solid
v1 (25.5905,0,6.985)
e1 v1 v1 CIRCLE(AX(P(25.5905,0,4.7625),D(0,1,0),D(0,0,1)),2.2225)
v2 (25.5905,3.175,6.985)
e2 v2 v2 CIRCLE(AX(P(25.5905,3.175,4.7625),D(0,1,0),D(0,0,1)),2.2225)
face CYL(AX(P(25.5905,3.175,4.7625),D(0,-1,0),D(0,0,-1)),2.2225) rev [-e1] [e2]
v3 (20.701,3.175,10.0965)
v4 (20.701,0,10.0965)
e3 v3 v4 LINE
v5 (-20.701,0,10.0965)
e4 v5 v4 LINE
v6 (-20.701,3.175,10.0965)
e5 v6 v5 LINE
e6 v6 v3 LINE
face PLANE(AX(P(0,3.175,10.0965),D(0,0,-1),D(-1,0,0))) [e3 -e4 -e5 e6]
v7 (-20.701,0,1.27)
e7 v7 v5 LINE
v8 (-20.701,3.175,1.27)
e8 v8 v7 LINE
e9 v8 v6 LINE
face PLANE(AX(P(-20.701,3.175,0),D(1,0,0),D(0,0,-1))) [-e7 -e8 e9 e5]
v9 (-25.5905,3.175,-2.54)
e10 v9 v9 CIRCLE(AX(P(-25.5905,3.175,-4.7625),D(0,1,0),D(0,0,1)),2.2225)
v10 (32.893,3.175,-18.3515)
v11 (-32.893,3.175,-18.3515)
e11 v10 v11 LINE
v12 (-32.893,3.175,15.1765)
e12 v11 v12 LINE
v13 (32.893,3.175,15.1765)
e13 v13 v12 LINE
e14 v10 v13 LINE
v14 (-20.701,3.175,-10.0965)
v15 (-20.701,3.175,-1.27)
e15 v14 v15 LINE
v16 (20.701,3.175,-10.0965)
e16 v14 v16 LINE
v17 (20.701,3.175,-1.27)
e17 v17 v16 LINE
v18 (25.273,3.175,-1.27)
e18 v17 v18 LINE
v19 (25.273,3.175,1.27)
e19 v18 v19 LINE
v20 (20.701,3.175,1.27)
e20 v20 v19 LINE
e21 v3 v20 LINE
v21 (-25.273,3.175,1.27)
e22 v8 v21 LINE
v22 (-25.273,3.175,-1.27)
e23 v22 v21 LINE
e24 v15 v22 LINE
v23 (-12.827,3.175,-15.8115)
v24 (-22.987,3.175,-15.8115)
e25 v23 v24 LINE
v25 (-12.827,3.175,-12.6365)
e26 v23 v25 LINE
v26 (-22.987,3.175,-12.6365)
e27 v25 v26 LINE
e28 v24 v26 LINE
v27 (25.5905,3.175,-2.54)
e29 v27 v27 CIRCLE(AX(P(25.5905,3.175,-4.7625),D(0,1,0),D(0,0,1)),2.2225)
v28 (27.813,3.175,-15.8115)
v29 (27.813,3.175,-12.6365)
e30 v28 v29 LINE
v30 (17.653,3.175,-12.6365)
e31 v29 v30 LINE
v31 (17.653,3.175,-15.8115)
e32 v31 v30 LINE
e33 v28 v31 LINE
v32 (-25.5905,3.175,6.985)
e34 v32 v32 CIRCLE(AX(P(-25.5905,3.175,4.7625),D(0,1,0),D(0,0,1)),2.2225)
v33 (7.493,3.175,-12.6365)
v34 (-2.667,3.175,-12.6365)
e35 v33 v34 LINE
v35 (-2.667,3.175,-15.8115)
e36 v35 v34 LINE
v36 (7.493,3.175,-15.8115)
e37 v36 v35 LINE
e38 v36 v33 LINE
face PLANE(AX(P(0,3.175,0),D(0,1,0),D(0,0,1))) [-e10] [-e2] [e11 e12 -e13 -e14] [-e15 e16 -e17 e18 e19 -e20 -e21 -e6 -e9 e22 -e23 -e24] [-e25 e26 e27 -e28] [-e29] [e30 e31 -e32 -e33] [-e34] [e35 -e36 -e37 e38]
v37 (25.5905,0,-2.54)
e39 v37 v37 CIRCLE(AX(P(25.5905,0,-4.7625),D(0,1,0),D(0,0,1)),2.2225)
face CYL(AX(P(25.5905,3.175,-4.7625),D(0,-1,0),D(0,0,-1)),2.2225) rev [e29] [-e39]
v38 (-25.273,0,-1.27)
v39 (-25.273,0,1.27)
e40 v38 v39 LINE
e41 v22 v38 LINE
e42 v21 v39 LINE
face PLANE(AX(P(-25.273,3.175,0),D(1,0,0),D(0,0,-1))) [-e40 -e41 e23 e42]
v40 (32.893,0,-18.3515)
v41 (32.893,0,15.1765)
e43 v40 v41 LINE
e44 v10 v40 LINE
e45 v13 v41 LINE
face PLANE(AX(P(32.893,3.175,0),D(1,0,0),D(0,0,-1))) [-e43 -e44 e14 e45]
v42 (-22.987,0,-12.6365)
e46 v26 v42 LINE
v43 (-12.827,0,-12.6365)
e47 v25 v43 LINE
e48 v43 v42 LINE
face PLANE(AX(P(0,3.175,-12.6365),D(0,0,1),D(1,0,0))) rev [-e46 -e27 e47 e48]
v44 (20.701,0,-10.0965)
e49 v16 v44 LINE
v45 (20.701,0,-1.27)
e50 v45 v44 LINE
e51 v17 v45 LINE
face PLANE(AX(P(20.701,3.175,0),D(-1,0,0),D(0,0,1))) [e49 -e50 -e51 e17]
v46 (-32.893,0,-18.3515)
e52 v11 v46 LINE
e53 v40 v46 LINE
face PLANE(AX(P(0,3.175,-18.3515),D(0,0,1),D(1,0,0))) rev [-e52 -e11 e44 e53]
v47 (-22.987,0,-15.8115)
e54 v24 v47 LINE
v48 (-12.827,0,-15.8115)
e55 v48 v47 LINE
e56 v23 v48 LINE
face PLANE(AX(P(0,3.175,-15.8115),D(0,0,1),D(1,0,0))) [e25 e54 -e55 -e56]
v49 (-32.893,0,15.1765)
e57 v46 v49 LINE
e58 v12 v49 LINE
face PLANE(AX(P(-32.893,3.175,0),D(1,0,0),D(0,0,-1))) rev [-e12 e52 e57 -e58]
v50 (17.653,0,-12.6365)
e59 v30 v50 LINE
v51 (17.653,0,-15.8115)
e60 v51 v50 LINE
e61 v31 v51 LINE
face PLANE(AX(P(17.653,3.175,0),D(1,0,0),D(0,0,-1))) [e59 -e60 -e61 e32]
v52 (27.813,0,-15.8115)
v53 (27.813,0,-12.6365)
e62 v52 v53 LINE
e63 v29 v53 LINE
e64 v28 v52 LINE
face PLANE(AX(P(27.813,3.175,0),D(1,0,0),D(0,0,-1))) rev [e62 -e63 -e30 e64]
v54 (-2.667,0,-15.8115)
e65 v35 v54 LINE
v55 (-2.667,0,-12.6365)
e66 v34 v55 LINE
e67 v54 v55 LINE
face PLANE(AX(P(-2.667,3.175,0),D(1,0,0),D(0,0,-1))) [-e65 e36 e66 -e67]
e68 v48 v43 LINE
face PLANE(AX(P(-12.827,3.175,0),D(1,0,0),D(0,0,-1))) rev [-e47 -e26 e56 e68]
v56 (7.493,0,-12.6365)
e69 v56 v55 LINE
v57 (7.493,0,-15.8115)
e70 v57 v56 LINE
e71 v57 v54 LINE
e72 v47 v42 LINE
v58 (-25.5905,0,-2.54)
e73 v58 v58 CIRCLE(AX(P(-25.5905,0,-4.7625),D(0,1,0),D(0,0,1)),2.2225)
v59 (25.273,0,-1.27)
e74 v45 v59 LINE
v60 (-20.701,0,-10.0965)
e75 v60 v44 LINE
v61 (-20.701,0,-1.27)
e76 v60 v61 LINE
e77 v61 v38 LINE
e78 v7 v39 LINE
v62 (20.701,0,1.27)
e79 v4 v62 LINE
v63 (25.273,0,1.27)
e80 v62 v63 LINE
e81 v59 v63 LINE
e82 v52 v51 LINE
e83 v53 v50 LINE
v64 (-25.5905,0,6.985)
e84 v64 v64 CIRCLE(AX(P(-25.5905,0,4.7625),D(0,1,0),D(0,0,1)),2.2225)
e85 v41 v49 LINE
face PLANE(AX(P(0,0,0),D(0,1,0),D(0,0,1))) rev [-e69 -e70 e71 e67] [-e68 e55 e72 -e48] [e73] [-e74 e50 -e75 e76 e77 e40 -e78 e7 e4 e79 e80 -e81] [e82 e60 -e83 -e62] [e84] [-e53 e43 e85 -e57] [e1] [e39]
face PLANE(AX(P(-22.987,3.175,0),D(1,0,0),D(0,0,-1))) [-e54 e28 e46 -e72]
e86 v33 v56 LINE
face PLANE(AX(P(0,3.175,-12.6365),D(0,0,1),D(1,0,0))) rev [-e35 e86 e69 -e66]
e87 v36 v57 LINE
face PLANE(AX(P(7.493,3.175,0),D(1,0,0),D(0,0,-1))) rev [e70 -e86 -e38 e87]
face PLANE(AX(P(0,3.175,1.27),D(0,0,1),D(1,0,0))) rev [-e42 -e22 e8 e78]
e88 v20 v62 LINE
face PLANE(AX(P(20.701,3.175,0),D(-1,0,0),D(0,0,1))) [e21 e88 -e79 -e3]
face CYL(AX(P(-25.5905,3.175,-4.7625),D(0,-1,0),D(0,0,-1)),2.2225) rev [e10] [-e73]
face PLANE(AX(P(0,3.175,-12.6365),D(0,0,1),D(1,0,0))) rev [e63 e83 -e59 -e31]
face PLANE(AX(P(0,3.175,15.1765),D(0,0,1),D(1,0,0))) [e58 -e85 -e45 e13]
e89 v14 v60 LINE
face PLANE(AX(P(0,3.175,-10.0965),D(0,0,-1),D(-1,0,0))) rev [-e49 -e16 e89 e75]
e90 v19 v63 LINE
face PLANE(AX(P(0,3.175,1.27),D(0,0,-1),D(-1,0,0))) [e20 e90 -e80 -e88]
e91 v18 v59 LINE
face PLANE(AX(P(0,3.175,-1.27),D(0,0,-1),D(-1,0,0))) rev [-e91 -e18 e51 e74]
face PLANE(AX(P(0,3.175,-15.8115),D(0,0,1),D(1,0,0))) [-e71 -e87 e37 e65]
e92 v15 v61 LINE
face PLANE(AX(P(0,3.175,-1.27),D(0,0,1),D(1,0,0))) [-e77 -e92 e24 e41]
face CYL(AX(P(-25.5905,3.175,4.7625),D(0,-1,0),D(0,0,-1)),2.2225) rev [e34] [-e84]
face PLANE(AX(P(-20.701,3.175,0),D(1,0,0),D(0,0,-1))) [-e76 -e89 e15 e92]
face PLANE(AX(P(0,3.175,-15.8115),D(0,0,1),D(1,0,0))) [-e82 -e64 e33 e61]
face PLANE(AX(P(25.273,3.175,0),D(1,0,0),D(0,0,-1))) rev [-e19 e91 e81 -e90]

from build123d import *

# Parameters (mm, degrees)
SKETCH1_W           = 65.786
SKETCH1_H           = 33.528
SKETCH1_R           = 2.2225
SKETCH1_W_2         = 10.16
SKETCH1_H_2         = 3.175
BOSS_EXTRUDE2_DEPTH = 3.175


with BuildPart() as part:
    # Sketch1 → Boss-Extrude2 (new body)
    with BuildSketch(Plane(origin=(0, 0, 0), x_dir=(1, 0, 0), z_dir=(0, 1, 0))):
        with Locations((0, 1.5875)):
            Rectangle(SKETCH1_W, SKETCH1_H)
        with Locations(Location((-25.5905, -4.7625, 0), (0, 0, 270))):
            Circle(SKETCH1_R, mode=Mode.SUBTRACT)
        Polygon((20.701, -10.0965), (-20.701, -10.0965), (-20.701, -1.27), (-25.273, -1.27), (-25.273, 1.27), (-20.701, 1.27), (-20.701, 10.0965), (20.701, 10.0965), (20.701, 1.27), (25.273, 1.27), (25.273, -1.27), (20.701, -1.27), align=None, mode=Mode.SUBTRACT)
        with Locations(Location((25.5905, -4.7625, 0), (0, 0, 270))):
            Circle(SKETCH1_R, mode=Mode.SUBTRACT)
        with Locations(Location((-25.5905, 4.7625, 0), (0, 0, 270))):
            Circle(SKETCH1_R, mode=Mode.SUBTRACT)
        with Locations((-17.907, 14.224)):
            Rectangle(SKETCH1_W_2, SKETCH1_H_2, mode=Mode.SUBTRACT)
        with Locations(Location((25.5905, 4.7625, 0), (0, 0, 270))):
            Circle(SKETCH1_R, mode=Mode.SUBTRACT)
        with Locations((2.413, 14.224)):
            Rectangle(SKETCH1_W_2, SKETCH1_H_2, mode=Mode.SUBTRACT)
        with Locations((22.733, 14.224)):
            Rectangle(SKETCH1_W_2, SKETCH1_H_2, mode=Mode.SUBTRACT)
    extrude(amount=BOSS_EXTRUDE2_DEPTH)


solid = part.part
